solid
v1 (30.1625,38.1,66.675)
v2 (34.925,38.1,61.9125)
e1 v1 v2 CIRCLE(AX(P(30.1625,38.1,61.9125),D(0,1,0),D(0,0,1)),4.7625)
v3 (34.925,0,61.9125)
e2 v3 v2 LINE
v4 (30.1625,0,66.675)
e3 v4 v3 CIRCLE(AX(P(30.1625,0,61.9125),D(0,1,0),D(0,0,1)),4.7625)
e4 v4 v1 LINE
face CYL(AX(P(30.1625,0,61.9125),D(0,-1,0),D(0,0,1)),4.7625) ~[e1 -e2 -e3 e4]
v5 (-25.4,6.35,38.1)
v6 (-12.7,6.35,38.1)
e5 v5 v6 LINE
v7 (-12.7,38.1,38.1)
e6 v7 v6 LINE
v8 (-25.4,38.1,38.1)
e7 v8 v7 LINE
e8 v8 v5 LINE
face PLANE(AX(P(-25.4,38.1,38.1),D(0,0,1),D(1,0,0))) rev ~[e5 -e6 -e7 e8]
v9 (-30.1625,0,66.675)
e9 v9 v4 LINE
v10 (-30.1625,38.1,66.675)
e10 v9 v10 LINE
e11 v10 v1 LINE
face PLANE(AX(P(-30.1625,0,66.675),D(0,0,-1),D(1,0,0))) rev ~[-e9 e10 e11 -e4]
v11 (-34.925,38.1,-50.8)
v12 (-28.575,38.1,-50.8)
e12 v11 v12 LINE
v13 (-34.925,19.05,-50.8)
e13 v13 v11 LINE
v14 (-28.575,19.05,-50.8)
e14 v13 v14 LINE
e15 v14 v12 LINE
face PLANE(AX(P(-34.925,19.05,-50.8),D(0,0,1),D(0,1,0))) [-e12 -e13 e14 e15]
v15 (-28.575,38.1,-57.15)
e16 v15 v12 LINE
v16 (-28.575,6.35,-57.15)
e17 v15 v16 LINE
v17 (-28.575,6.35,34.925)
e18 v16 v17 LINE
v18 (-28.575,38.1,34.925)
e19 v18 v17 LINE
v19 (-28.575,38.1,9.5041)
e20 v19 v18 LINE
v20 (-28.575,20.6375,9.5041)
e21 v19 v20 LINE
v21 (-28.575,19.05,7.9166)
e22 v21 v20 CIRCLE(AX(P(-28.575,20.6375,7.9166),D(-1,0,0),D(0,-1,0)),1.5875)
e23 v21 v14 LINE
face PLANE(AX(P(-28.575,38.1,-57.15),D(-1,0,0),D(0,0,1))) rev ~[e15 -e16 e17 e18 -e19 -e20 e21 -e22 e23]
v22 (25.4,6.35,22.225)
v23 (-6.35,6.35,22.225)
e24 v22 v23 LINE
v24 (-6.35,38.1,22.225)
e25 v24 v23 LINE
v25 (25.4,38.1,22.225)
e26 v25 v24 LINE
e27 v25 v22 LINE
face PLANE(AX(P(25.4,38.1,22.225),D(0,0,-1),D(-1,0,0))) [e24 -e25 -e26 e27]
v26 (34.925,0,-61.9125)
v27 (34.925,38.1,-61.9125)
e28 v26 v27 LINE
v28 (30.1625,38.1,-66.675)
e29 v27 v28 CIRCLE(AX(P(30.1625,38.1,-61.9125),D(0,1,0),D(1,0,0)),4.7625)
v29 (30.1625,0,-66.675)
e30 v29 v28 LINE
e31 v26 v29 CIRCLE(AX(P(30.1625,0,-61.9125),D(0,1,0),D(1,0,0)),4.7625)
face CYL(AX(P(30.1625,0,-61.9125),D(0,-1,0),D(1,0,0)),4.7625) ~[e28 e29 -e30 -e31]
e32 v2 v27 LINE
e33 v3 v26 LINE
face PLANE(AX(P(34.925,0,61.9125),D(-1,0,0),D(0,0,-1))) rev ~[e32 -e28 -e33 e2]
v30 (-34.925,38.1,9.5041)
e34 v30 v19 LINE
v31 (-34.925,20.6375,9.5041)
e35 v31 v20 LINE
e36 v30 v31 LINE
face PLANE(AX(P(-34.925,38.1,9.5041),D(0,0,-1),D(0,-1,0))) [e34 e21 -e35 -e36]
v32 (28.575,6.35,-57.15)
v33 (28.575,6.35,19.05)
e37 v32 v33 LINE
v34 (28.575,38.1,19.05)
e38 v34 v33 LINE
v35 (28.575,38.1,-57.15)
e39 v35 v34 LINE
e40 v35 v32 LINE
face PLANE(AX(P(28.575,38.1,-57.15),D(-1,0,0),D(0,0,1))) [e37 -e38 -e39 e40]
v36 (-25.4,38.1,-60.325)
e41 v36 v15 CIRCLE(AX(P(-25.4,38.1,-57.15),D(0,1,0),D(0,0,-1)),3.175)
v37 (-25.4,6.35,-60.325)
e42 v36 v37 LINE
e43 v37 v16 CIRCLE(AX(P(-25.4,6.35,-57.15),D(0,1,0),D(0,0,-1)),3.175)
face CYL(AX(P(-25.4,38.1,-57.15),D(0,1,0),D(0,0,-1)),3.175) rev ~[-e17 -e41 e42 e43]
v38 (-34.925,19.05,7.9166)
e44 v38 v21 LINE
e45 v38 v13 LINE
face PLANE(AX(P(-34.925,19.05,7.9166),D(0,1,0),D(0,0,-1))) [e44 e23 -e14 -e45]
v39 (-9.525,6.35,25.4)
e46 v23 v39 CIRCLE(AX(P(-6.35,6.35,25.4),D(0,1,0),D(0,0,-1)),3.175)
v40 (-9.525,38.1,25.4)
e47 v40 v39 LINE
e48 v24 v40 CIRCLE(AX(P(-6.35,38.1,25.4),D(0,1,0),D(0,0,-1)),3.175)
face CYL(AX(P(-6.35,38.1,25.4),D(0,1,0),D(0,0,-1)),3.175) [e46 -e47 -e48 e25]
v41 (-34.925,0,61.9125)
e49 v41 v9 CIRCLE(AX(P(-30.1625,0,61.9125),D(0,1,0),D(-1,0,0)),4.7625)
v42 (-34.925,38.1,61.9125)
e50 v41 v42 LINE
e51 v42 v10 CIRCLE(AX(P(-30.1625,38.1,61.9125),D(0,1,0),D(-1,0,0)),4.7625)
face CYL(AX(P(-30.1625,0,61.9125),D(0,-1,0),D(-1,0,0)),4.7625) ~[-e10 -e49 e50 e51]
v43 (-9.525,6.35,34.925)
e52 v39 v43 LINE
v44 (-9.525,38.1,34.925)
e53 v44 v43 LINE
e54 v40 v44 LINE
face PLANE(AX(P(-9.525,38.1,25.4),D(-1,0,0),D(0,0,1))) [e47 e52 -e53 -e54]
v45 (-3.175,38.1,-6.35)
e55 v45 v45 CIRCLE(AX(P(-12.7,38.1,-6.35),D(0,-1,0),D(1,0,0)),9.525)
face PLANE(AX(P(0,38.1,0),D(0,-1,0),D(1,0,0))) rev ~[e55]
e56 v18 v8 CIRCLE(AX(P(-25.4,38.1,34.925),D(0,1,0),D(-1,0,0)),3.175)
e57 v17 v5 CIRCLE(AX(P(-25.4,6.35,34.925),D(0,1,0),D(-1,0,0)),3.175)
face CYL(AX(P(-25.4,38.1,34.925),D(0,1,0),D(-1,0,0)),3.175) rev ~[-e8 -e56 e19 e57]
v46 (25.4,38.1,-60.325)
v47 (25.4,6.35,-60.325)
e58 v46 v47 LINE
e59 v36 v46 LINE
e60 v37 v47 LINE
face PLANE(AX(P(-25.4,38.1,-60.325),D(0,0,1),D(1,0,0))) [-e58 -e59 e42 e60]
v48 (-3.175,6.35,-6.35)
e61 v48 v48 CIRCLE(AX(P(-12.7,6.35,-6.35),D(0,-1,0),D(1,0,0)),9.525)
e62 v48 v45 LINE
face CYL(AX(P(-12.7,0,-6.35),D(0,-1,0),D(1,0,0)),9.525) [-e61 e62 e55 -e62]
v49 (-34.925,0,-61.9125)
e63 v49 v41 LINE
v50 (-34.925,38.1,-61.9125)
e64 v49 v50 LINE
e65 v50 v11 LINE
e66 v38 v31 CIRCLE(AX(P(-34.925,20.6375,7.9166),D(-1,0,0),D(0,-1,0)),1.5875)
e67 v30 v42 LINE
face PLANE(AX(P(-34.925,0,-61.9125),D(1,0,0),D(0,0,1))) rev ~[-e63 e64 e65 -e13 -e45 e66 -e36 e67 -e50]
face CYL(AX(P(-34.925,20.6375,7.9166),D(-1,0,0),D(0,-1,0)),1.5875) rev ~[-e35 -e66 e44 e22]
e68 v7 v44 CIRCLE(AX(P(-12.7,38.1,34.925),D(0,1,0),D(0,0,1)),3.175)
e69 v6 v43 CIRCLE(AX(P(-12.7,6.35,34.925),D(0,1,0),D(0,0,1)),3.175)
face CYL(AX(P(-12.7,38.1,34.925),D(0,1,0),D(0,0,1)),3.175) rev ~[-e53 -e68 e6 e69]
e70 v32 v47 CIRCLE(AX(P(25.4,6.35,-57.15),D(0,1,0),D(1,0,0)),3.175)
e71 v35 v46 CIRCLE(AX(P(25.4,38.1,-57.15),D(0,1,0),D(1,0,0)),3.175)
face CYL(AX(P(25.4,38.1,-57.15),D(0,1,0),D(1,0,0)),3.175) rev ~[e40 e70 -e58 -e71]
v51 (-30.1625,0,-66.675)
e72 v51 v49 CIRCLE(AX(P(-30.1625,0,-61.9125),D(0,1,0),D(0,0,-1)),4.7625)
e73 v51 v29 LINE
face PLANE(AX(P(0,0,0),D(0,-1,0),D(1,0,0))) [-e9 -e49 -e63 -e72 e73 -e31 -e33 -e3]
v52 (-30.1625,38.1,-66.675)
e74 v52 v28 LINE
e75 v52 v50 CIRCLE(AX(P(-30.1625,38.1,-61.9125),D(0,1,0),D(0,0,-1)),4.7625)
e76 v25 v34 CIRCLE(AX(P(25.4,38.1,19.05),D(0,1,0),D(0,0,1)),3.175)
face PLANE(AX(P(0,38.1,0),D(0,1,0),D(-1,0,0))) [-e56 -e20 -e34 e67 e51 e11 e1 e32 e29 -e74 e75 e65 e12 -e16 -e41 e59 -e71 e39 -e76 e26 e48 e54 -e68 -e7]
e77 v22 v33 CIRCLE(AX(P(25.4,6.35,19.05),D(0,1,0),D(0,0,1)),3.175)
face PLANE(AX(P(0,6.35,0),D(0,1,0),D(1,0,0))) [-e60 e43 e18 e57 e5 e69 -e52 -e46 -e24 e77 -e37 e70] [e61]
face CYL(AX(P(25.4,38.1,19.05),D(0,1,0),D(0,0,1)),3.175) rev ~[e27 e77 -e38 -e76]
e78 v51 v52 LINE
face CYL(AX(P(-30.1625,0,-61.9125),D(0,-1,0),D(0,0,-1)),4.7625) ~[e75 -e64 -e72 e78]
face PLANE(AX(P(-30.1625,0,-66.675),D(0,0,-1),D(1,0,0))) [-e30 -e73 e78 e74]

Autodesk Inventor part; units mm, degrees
ref_plane "YZ Plane" through (0, 0, 0) normal (1, 0, 0) x (0, 1, 0)
ref_plane "XZ Plane" through (0, 0, 0) normal (0, 1, 0) x (-1, 0, 0)
ref_plane "XY Plane" through (0, 0, 0) normal (0, 0, 1) x (1, 0, 0)
sketch "Boceto1" plane through (0, 0, 0) normal (0, 1, 0) x (-1, 0, 0)
  line L0 (30.1625, 61.9125) -> (-30.1625, 61.9125) construction
  line L1 (-30.1625, 61.9125) -> (-30.1625, -61.9125) construction
  line L2 (-30.1625, -61.9125) -> (30.1625, -61.9125) construction
  line L3 (30.1625, -61.9125) -> (30.1625, 61.9125) construction
  line L4 (30.1625, 61.9125) -> (-30.1625, -61.9125) construction
  line L5 (-30.1625, 61.9125) -> (30.1625, -61.9125) construction
  arc A0 (-34.925, -61.9125) -> (-30.1625, -66.675) centre (-30.1625, -61.9125) ccw
  arc A1 (-30.1625, 66.675) -> (-34.925, 61.9125) centre (-30.1625, 61.9125) ccw
  arc A2 (34.925, 61.9125) -> (30.1625, 66.675) centre (30.1625, 61.9125) ccw
  line L6 (34.925, -61.9125) -> (34.925, 61.9125)
  line L7 (30.1625, 66.675) -> (-30.1625, 66.675)
  line L8 (-34.925, 61.9125) -> (-34.925, -61.9125)
  line L9 (30.1625, -66.675) -> (-30.1625, -66.675)
  arc A3 (30.1625, -66.675) -> (34.925, -61.9125) centre (30.1625, -61.9125) ccw
  arc A4 (30.1625, -57.15) -> (28.0767, -57.6311) centre (30.1625, -61.9125) ccw
  point P0 (0, 0)
  dimension "d0" = 60.325
  dimension "d1" = 123.825
  dimension "d3" = 9.525
  dimension "d4" = 9.525
  dimension "d5" = 9.525
  dimension "d6" = 69.85
  dimension "d7" = 133.35
extrude "Extrusión1" add sketch "Boceto1" along normal blind 38.1
sketch "Boceto3" plane through (0, 38.1, 0) normal (0, 1, 0) x (1, 0, 0)
  line L0 (-25.4, 60.325) -> (25.4, 60.325)
  line L1 (28.575, 57.15) -> (28.575, -19.05)
  line L2 (25.4, -22.225) -> (-6.35, -22.225)
  line L3 (-9.525, -25.4) -> (-9.525, -34.925)
  line L4 (-28.575, 57.15) -> (-28.575, -34.925)
  line L5 (-25.4, -38.1) -> (-12.7, -38.1)
  line L6 (30.1625, 66.675) -> (-30.1625, 66.675) projected
  line L7 (-34.925, 61.9125) -> (-34.925, -61.9125) projected
  line L8 (34.925, -61.9125) -> (34.925, 61.9125) projected
  line L9 (-30.1625, -66.675) -> (30.1625, -66.675) projected
  arc A0 (-25.4, 60.325) -> (-28.575, 57.15) centre (-25.4, 57.15) ccw
  arc A1 (28.575, 57.15) -> (25.4, 60.325) centre (25.4, 57.15) ccw
  arc A2 (25.4, -22.225) -> (28.575, -19.05) centre (25.4, -19.05) ccw
  arc A3 (-6.35, -22.225) -> (-9.525, -25.4) centre (-6.35, -25.4) ccw
  arc A4 (-12.7, -38.1) -> (-9.525, -34.925) centre (-12.7, -34.925) ccw
  arc A5 (-28.575, -34.925) -> (-25.4, -38.1) centre (-25.4, -34.925) ccw
  point P0 (0, 0)
  dimension "d20" = 6.35
  dimension "d21" = 6.35
  dimension "d22" = 6.35
  dimension "d23" = 44.45
  dimension "d24" = 15.875
  dimension "d25" = 38.1
  dimension "d26" = 3.175
extrude "Extrusión2" cut sketch "Boceto3" against normal blind 31.75
sketch "Boceto4" plane through (-34.925, 0, -61.9125) normal (-1, 0, 0) x (0, 0, 1)
  line L0 (11.1125, 38.1) -> (71.4166, 38.1)
  line L1 (71.4166, 38.1) -> (71.4166, 20.6375)
  line L2 (69.8291, 19.05) -> (11.1125, 19.05)
  line L3 (11.1125, 19.05) -> (11.1125, 38.1)
  line L4 (-4.7625, 0) -> (-4.7625, 38.1) projected
  line L5 (0, 38.1) -> (123.825, 38.1) projected
  arc A0 (69.8291, 19.05) -> (71.4166, 20.6375) centre (69.8291, 20.6375) ccw
  point P0 (61.9125, 0)
  dimension "d29" = 15.875
  dimension "d30" = 19.05
  dimension "d31" = 60.325
  dimension "d32" = 3.175
extrude "Extrusión3" cut sketch "Boceto4" against normal blind 6.35
sketch "Boceto6" plane through (0, 0, 0) normal (0, -1, 0) x (1, 0, 0)
  circle A0 centre (-12.7, -6.35) radius 9.525
  line L0 (30.1625, -66.675) -> (-30.1625, -66.675) projected
  line L1 (-34.925, -61.9125) -> (-34.925, 61.9125) projected
  point P0 (0, 0)
  dimension "d44" = 19.05
  dimension "d45" = 60.325
  dimension "d46" = 22.225
extrude "Extrusión5" add sketch "Boceto6" against normal blind 38.1
sketch "Boceto7" plane through (0, 0, 0) normal (0, -1, 0) x (1, 0, 0)
  circle A0 centre (-12.7, -6.35) radius 9.525 construction
  line L0 (28.575, -57.15) -> (28.575, 19.05) construction
  arc A1 (28.575, 19.05) -> (25.4, 22.225) centre (25.4, 19.05) ccw construction
  line L1 (25.4, 22.225) -> (-6.35, 22.225) construction
  line L2 (-9.525, 25.4) -> (-9.525, 34.925) construction
  arc A2 (-9.525, 25.4) -> (-6.35, 22.225) centre (-6.35, 25.4) ccw construction
  arc A3 (-9.525, 34.925) -> (-12.7, 38.1) centre (-12.7, 34.925) ccw construction
  line L3 (-12.7, 38.1) -> (-25.4, 38.1) construction
  arc A4 (-25.4, 38.1) -> (-28.575, 34.925) centre (-25.4, 34.925) ccw construction
  line L4 (-28.575, 34.925) -> (-28.575, -57.15) construction
  line L5 (-25.4, -60.325) -> (25.4, -60.325) construction
  arc A5 (25.4, -60.325) -> (28.575, -57.15) centre (25.4, -57.15) ccw construction
  arc A6 (-28.575, -57.15) -> (-25.4, -60.325) centre (-25.4, -57.15) ccw construction
  point P0 (0, 0)
properties part number "Lab8A01209499P1"
